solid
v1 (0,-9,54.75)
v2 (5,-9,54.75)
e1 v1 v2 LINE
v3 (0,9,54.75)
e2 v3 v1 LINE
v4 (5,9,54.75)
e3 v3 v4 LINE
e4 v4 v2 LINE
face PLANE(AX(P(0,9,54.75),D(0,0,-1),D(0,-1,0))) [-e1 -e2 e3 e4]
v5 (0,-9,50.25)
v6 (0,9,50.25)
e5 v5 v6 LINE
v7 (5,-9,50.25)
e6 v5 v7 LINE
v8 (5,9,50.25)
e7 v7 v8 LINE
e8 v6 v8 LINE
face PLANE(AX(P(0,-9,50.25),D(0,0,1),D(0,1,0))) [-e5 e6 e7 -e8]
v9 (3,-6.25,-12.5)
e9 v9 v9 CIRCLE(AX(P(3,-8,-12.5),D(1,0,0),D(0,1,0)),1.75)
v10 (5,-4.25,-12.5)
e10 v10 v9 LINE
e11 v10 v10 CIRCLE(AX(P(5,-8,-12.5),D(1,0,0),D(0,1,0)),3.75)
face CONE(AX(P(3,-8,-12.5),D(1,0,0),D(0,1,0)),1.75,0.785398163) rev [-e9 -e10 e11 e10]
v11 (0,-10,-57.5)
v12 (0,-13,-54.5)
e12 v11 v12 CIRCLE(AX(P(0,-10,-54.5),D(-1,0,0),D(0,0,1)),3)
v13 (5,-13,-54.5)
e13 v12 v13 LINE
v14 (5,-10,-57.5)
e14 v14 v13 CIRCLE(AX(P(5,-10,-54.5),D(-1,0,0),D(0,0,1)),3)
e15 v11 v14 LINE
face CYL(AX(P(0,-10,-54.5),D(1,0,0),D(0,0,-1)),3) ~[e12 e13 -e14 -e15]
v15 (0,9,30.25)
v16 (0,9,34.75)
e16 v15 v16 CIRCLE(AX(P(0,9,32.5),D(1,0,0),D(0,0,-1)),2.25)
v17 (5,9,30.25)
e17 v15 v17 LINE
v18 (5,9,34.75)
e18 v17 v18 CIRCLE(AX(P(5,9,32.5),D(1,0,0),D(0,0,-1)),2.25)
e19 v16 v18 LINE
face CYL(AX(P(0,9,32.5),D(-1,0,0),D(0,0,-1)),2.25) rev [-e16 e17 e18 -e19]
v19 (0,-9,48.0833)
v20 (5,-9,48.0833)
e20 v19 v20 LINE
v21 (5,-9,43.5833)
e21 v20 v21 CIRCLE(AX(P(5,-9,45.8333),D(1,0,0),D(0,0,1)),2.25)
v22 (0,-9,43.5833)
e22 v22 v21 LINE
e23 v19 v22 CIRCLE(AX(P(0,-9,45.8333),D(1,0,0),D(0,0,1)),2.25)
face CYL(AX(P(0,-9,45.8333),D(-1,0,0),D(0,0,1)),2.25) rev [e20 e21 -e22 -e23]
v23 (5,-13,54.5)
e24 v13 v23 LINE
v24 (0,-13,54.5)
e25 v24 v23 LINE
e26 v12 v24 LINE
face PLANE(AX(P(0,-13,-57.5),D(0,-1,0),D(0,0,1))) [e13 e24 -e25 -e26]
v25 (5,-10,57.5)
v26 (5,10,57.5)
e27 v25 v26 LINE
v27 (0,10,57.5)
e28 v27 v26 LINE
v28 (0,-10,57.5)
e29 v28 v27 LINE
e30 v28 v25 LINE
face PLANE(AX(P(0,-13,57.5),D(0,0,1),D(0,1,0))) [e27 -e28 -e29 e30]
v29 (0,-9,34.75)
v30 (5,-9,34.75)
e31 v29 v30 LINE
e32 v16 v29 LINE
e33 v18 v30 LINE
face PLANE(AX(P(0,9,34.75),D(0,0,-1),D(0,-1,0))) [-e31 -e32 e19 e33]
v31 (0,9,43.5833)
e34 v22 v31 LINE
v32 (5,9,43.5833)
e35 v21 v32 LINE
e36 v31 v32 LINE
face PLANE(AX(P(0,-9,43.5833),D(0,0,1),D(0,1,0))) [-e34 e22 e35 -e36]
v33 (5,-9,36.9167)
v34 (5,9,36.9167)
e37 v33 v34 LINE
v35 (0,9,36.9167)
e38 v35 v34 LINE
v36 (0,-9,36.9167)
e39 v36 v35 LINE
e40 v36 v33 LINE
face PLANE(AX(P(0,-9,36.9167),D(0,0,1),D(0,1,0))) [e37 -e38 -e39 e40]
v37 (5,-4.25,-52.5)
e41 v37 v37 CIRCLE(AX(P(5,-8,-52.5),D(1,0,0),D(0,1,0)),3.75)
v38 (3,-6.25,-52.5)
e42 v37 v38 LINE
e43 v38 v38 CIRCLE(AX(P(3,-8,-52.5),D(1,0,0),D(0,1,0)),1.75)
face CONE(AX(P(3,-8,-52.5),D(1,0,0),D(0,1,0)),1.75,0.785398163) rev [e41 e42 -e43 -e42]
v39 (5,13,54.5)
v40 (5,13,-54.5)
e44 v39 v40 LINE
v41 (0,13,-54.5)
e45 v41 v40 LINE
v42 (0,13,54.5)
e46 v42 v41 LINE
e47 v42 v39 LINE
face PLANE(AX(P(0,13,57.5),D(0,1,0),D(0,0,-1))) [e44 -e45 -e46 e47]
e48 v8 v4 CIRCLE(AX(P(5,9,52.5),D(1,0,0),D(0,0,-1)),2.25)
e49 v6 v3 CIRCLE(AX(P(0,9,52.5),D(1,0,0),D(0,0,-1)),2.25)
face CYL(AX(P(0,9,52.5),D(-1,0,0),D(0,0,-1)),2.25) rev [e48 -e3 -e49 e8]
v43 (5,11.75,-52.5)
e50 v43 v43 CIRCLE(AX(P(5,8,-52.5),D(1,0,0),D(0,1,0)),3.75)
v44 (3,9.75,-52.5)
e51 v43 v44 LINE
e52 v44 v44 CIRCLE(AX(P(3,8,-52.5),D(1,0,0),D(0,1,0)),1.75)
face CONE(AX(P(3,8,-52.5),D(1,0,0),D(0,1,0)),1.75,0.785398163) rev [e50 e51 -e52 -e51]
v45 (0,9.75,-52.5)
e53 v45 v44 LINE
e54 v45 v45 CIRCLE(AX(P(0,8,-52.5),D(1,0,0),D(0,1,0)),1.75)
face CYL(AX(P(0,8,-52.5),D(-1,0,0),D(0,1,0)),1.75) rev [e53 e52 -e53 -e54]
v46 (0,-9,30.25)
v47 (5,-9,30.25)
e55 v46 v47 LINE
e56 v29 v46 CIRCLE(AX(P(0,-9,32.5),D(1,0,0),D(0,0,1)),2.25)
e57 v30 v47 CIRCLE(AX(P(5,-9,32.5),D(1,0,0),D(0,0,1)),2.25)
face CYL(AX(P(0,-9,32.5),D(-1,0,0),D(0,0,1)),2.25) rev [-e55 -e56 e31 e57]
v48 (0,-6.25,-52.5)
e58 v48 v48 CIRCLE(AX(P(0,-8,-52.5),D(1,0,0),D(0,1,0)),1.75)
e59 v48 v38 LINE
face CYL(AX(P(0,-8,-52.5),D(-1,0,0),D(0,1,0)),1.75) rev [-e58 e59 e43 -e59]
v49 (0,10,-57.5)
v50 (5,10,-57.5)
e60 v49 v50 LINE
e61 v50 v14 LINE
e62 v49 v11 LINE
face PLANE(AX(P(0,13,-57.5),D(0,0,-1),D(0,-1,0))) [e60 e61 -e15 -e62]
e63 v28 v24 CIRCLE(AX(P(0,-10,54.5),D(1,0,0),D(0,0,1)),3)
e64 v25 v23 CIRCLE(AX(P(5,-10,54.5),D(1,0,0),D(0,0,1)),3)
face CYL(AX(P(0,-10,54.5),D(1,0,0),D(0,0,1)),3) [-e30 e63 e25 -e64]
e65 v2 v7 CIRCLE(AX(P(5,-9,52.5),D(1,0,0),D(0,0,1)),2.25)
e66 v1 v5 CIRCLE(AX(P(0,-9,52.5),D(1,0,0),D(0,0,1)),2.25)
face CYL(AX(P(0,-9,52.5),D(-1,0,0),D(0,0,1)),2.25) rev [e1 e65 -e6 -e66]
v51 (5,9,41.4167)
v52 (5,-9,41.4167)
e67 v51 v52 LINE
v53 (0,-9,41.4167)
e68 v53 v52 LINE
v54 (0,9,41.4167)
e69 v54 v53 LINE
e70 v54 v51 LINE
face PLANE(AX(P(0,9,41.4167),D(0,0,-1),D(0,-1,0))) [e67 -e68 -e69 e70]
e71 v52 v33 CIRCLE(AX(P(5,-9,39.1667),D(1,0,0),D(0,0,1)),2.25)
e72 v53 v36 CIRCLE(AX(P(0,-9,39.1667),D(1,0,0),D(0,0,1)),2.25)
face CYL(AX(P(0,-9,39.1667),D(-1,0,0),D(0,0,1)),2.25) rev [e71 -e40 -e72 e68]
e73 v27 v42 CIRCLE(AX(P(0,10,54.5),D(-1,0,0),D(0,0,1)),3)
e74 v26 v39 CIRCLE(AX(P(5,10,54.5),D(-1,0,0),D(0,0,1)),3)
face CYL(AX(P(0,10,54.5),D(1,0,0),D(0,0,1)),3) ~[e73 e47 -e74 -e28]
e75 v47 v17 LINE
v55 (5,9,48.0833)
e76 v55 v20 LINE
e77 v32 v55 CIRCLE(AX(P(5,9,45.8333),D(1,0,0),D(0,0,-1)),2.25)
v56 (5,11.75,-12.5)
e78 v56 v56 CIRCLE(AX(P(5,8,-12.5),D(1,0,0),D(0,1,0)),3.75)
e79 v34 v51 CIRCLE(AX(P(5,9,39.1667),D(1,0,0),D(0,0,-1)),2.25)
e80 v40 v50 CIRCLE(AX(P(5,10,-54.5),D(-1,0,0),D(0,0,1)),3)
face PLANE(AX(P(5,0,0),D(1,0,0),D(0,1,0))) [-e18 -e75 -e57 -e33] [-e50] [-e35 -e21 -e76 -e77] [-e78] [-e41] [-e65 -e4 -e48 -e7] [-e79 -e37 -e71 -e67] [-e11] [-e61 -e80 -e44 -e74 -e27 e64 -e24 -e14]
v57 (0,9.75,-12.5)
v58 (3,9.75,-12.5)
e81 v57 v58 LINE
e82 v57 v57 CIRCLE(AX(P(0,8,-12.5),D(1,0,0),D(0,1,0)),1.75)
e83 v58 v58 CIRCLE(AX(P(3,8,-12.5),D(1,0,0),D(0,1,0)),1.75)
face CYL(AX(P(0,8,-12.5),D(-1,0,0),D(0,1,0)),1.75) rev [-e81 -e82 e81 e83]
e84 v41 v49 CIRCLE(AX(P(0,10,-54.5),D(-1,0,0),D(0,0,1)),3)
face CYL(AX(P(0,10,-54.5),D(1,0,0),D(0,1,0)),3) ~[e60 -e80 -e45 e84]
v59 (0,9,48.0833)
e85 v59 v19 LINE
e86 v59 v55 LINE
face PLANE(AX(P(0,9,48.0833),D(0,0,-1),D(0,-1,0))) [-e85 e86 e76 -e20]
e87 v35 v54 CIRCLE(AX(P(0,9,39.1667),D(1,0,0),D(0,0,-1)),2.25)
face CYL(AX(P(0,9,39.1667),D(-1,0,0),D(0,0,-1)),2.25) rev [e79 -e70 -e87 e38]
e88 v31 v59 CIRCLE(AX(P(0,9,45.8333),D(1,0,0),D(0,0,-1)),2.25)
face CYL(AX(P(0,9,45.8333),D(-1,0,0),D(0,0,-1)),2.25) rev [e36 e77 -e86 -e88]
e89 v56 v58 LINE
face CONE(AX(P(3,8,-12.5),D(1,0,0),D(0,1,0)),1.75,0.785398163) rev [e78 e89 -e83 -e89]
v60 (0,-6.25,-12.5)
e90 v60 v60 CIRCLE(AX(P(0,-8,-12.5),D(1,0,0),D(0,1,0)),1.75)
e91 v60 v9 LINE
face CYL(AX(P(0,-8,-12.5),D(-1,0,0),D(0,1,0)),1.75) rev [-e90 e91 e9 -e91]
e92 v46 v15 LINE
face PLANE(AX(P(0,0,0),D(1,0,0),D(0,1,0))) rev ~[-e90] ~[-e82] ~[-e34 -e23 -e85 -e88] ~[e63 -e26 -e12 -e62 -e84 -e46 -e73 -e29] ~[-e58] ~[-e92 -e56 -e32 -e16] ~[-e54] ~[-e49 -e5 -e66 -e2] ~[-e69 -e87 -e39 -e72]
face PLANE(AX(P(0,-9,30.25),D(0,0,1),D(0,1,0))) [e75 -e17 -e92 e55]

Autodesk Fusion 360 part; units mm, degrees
sketch "Sketch1" plane through (0, 0, 0) normal (1, 0, 0) x (0, 1, 0)
  line L0 (-13, 57.5) -> (13, 57.5)
  line L1 (13, 57.5) -> (13, -57.5)
  line L2 (13, -57.5) -> (-13, -57.5)
  line L3 (-13, -57.5) -> (-13, 57.5)
  line L4 (-13, 57.5) -> (13, -57.5) construction
  line L5 (13, 57.5) -> (-13, -57.5) construction
  circle A0 centre (-8, -12.5) radius 1.75
  circle A1 centre (8, -12.5) radius 1.75
  circle A2 centre (8, -52.5) radius 1.75
  circle A3 centre (-8, -52.5) radius 1.75
  line L6 (-9, 30.25) -> (9, 30.25)
  arc A4 (9, 30.25) -> (9, 34.75) centre (9, 32.5) ccw
  line L7 (9, 34.75) -> (-9, 34.75)
  arc A5 (-9, 34.75) -> (-9, 30.25) centre (-9, 32.5) ccw
  line L8 (-9, 32.5) -> (9, 32.5) construction
  line L9 (0, 0) -> (0, 10)
  arc A6 (-9, 41.4167) -> (-9, 36.9167) centre (-9, 39.1667) ccw
  line L10 (9, 41.4167) -> (-9, 41.4167)
  line L11 (-9, 39.1667) -> (9, 39.1667) construction
  line L12 (-9, 36.9167) -> (9, 36.9167)
  arc A7 (9, 36.9167) -> (9, 41.4167) centre (9, 39.1667) ccw
  arc A8 (-9, 48.0833) -> (-9, 43.5833) centre (-9, 45.8333) ccw
  line L13 (9, 48.0833) -> (-9, 48.0833)
  line L14 (-9, 45.8333) -> (9, 45.8333) construction
  line L15 (-9, 43.5833) -> (9, 43.5833)
  arc A9 (9, 43.5833) -> (9, 48.0833) centre (9, 45.8333) ccw
  arc A10 (-9, 54.75) -> (-9, 50.25) centre (-9, 52.5) ccw
  line L16 (9, 54.75) -> (-9, 54.75)
  line L17 (-9, 52.5) -> (9, 52.5) construction
  line L18 (-9, 50.25) -> (9, 50.25)
  arc A11 (9, 50.25) -> (9, 54.75) centre (9, 52.5) ccw
  dimension "d1" = 16
  dimension "d2" = 40
  dimension "d3" = 3.5
  dimension "d4" = 5
  dimension "d5" = 8
  dimension "d6" = 5
  dimension "d7" = 70
  dimension "d9" = 4.5
  dimension "d10" = 45
  dimension "d11" = 9
  dimension "d12" = 18
  dimension "d15" = 20
  dimension "d16" = 0
extrude "Extrude1" add sketch "Sketch1" along normal blind 5
fillet "Fillet1" radius 3 4 edges at (2.5, -13, 57.5) (2.5, 13, 57.5) (2.5, -13, -57.5) (2.5, 13, -57.5)
chamfer "Chamfer1" distance 2 angle 45 1 edges at (5, -9.6316, -11.8672)
chamfer "Chamfer1" distance 2 angle 45 3 edges at (5, 6.3684, -11.8672) (5, -9.6316, -51.8672) (5, 6.3684, -51.8672)
equation "d5 = ( 16 / 2 ) * 1 mm"
